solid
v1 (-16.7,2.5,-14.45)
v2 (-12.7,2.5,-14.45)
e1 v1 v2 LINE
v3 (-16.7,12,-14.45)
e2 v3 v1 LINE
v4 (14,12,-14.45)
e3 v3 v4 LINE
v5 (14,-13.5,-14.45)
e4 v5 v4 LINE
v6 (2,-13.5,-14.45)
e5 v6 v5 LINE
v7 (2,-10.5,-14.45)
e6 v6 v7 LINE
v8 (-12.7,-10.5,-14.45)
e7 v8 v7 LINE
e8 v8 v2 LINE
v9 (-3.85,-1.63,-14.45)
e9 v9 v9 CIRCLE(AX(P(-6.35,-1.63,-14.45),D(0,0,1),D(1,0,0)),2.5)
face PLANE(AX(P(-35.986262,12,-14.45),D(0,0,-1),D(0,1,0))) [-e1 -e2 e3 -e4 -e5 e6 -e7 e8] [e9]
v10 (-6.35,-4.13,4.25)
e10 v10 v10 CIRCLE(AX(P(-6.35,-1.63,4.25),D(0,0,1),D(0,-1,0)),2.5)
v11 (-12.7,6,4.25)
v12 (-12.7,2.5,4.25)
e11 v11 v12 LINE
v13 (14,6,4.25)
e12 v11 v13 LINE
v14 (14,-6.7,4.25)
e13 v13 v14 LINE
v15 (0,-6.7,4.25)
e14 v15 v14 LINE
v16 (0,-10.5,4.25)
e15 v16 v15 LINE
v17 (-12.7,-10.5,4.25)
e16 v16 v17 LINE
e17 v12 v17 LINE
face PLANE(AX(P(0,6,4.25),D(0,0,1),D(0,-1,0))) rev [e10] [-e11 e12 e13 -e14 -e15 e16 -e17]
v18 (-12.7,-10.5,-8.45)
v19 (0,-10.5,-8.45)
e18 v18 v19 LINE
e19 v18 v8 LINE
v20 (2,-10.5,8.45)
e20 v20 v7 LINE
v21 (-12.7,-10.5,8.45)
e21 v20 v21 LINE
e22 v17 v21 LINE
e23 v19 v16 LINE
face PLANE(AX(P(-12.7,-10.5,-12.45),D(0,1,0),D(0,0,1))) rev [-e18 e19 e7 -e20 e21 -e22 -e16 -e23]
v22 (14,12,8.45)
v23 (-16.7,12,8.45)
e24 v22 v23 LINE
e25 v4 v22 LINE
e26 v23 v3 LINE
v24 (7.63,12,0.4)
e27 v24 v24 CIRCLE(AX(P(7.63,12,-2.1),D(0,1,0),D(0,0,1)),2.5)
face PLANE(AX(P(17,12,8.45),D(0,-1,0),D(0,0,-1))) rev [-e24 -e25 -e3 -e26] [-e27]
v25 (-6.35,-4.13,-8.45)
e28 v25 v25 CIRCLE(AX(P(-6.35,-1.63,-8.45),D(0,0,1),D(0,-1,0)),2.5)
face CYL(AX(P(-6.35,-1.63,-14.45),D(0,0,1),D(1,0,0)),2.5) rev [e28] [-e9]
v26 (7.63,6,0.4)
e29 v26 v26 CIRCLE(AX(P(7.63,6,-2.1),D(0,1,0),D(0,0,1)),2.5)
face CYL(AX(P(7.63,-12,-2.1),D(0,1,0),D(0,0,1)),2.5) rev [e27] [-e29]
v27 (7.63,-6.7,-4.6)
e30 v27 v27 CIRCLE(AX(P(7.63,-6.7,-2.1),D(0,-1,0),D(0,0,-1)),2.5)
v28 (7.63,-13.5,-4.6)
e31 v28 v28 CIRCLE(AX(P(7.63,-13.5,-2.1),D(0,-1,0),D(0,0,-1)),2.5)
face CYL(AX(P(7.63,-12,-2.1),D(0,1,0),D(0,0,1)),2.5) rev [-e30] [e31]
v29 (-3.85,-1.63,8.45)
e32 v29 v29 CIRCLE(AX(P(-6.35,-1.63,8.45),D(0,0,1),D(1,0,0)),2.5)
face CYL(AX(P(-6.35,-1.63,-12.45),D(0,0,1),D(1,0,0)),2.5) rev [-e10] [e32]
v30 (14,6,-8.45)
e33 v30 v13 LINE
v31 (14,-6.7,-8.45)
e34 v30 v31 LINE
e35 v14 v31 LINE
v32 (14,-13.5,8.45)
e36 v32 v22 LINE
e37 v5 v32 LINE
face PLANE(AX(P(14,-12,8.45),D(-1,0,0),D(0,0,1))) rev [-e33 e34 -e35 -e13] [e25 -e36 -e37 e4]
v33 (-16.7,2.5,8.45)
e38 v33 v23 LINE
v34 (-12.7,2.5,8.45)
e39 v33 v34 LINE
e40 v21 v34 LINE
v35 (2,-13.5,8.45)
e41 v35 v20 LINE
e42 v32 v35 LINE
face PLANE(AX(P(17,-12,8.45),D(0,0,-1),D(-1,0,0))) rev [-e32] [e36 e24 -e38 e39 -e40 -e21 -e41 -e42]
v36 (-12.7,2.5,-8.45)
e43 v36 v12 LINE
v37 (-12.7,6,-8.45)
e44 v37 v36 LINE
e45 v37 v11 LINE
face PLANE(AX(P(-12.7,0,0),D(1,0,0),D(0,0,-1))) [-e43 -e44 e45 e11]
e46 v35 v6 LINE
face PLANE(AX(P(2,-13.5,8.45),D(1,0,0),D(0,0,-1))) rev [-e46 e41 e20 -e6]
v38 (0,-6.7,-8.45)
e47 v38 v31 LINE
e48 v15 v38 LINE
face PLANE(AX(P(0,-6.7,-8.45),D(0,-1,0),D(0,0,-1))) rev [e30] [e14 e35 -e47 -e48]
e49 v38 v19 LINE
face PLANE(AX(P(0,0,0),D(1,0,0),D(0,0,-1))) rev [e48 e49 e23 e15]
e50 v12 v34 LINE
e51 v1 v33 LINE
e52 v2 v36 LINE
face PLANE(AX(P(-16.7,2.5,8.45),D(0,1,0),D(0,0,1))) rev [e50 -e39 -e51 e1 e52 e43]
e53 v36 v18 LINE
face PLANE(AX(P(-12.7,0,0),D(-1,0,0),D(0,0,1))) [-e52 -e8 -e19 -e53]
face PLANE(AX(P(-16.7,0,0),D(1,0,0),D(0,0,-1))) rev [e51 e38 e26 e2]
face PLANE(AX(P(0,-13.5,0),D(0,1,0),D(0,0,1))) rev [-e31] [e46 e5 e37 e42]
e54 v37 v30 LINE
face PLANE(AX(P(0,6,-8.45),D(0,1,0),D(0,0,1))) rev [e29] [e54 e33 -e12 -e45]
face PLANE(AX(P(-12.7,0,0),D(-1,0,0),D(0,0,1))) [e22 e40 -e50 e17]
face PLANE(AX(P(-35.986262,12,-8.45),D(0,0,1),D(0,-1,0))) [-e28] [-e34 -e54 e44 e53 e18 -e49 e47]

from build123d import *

# Parameters (mm, degrees)
SKETCH1_W               = 16.9
SKETCH1_H               = 24
BOSS_EXTRUDE1_DEPTH     = 17
SKETCH2_W               = 12.7
SKETCH2_H               = 12.7
CUT_EXTRUDE1_DEPTH      = 23.458906919
SKETCH3_R               = 2.5
CUT_EXTRUDE2_DEPTH      = 31.600694437
BOSS_EXTRUDE2_DEPTH     = 12.7
EXTRUDE_3_DEPTH         = 4
EXTRUDE_4_DEPTH         = 4
SKETCH5_R               = 2.5
CUT_EXTRUDE3_DEPTH      = 30.49254143
SKETCH_4_W              = 3
SKETCH_4_H              = 16.9
CUT_EXTRUDE_1_DEPTH     = 32.937477984
SKETCH_5_W              = 12.7
SKETCH_5_H              = 1.5
CUT_EXTRUDE_2_DEPTH     = 30.320641194
CUT_EXTRUDE4_DEPTH      = 25.039394751
CUT_EXTRUDE4_DEPTH_BACK = 2
SKETCH_6_W              = 4
SKETCH_6_H              = 24
CUT_EXTRUDE_3_DEPTH     = 25.039394751
SKETCH_7_W              = 20.9
SKETCH_7_H              = 1.5
CUT_EXTRUDE_4_DEPTH     = 26.469442475
SKETCH_8_W              = 4
SKETCH_8_H              = 22.5
CUT_EXTRUDE_5_DEPTH     = 36.234819426
SKETCH_9_W              = 4
SKETCH_9_H              = 17
CUT_EXTRUDE_6_DEPTH     = 27.617663308
SKETCH_11_W             = 12.7
SKETCH_11_H             = 3.8
EXTRUDE_5_DEPTH         = 2
SKETCH_12_W             = 6
SKETCH_12_H             = 22.5
EXTRUDE_6_DEPTH         = 26.7
SKETCH_21_W             = 22.9
SKETCH_21_H             = 9.5
EXTRUDE_7_DEPTH         = 4
SKETCH_14_R             = 2.5
CUT_EXTRUDE_7_DEPTH     = 31.778239066
SKETCH_22_W             = 12
SKETCH_22_H             = 22.9
SKETCH_22_R             = 2.5
EXTRUDE_8_DEPTH         = 3


with BuildPart() as part:
    # Sketch1 → Boss-Extrude1 (new body)
    with BuildSketch(Plane(origin=(0, 0, 0), x_dir=(0, 0, -1), z_dir=(1, 0, 0))):
        Rectangle(SKETCH1_W, SKETCH1_H)
    extrude(amount=BOSS_EXTRUDE1_DEPTH)

    # Sketch2 → Cut-Extrude1 (cut, through all)
    with BuildSketch(Plane(origin=(17, 0, 0), x_dir=(0, 0, -1), z_dir=(1, 0, 0))):
        with Locations((2.1, -0.35)):
            Rectangle(SKETCH2_W, SKETCH2_H)
    extrude(amount=-CUT_EXTRUDE1_DEPTH, mode=Mode.SUBTRACT)

    # Sketch3 → Cut-Extrude2 (cut, through all)
    with BuildSketch(Plane(origin=(0, 12, 0), x_dir=(1, 0, 0), z_dir=(0, 1, 0))):
        with Locations(Location((7.63, 2.1, 0), (0, 0, 270))):
            Circle(SKETCH3_R)
    extrude(amount=-CUT_EXTRUDE2_DEPTH, mode=Mode.SUBTRACT)

    # Sketch4 → Boss-Extrude2 (add)
    with BuildSketch(Plane.ZY):
        Polygon((-8.45, 12), (-8.45, 6), (4.25, 6), (4.25, -12), (8.45, -12), (8.45, 12), align=None)
    extrude(amount=BOSS_EXTRUDE2_DEPTH)

    # 草图3 → 凸台-拉伸3 (add)
    with BuildSketch(Plane.ZY.offset(12.7)):
        Polygon((8.45, 12), (-7.55, 12), (8.45, -5), align=None)
    extrude(amount=EXTRUDE_3_DEPTH)

    # 草图1 → 凸台-拉伸4 (add)
    with BuildSketch(Plane(origin=(0, 0, -8.45), x_dir=(-1, 0, 0), z_dir=(0, 0, -1))):
        Polygon((12.7, 12), (0, 12), (0, 0.5), (-11.445354581, -12), (1.274949719, -12), (12.7, -12), align=None)
    extrude(amount=EXTRUDE_4_DEPTH)

    # Sketch5 → Cut-Extrude3 (cut, through all)
    with BuildSketch(Plane.XY.offset(8.45)):
        with Locations((-6.35, -1.63)):
            Circle(SKETCH5_R)
    extrude(amount=-CUT_EXTRUDE3_DEPTH, mode=Mode.SUBTRACT)

    # 草图4 → 切除-拉伸1 (cut, through all)
    with BuildSketch(Plane(origin=(0, 12, 0), x_dir=(1, 0, 0), z_dir=(0, 1, 0))):
        with Locations((15.5, 0)):
            Rectangle(SKETCH_4_W, SKETCH_4_H)
    extrude(amount=-CUT_EXTRUDE_1_DEPTH, mode=Mode.SUBTRACT)

    # 草图5 → 切除-拉伸2 (cut, through all)
    with BuildSketch(Plane.XY.offset(8.45)):
        with Locations((-6.35, -11.25)):
            Rectangle(SKETCH_5_W, SKETCH_5_H)
    extrude(amount=-CUT_EXTRUDE_2_DEPTH, mode=Mode.SUBTRACT)

    # Sketch7 → Cut-Extrude4 (cut, two sides: drawn at the far end of the back side and taken through both)
    with BuildSketch(Plane.ZY.offset(-CUT_EXTRUDE4_DEPTH_BACK)):
        Polygon((4.25, -6.7), (-8.45, -6.7), (-8.45, -10.5), (-12.45, -10.5), (-12.45, -12), (8.45, -12), (8.45, -10.5), (4.25, -10.5), align=None)
    extrude(amount=CUT_EXTRUDE4_DEPTH + CUT_EXTRUDE4_DEPTH_BACK, mode=Mode.SUBTRACT)

    # 草图6 → 切除-拉伸3 (cut, through all)
    with BuildSketch(Plane(origin=(0, 0, 0), x_dir=(0, 0, -1), z_dir=(1, 0, 0))):
        with Locations((10.45, 0)):
            Rectangle(SKETCH_6_W, SKETCH_6_H)
    extrude(amount=-CUT_EXTRUDE_3_DEPTH, mode=Mode.SUBTRACT)

    # 草图7 → 切除-拉伸4 (cut, through all)
    with BuildSketch(Plane.ZY.offset(-2)):
        with Locations((-2, -11.25)):
            Rectangle(SKETCH_7_W, SKETCH_7_H)
    extrude(amount=-CUT_EXTRUDE_4_DEPTH, mode=Mode.SUBTRACT)

    # 草图8 → 切除-拉伸5 (cut, through all)
    with BuildSketch(Plane(origin=(14, 0, 0), x_dir=(0, 0, -1), z_dir=(1, 0, 0))):
        with Locations((10.45, 0.75)):
            Rectangle(SKETCH_8_W, SKETCH_8_H)
    extrude(amount=-CUT_EXTRUDE_5_DEPTH, mode=Mode.SUBTRACT)

    # 草图9 → 切除-拉伸6 (cut, through all)
    with BuildSketch(Plane(origin=(0, 0, -8.45), x_dir=(-1, 0, 0), z_dir=(0, 0, -1))):
        with Locations((14.7, 3.5)):
            Rectangle(SKETCH_9_W, SKETCH_9_H)
    extrude(amount=-CUT_EXTRUDE_6_DEPTH, mode=Mode.SUBTRACT)

    # 草图11 → 凸台-拉伸5 (add)
    with BuildSketch(Plane.ZY.offset(-2)):
        with Locations((-2.1, -8.6)):
            Rectangle(SKETCH_11_W, SKETCH_11_H)
    extrude(amount=EXTRUDE_5_DEPTH)

    # 草图12 → 凸台-拉伸6 (add)
    with BuildSketch(Plane(origin=(14, 0, 0), x_dir=(0, 0, -1), z_dir=(1, 0, 0))):
        with Locations((11.45, 0.75)):
            Rectangle(SKETCH_12_W, SKETCH_12_H)
    extrude(amount=-EXTRUDE_6_DEPTH)

    # 草图21 → 凸台-拉伸7 (add)
    with BuildSketch(Plane.ZY.offset(12.7)):
        with Locations((-3, 7.25)):
            Rectangle(SKETCH_21_W, SKETCH_21_H)
    extrude(amount=EXTRUDE_7_DEPTH)

    # 草图14 → 切除-拉伸7 (cut, through all)
    with BuildSketch(Plane.XY.offset(8.45)):
        with Locations((-6.35, -1.63)):
            Circle(SKETCH_14_R)
    extrude(amount=-CUT_EXTRUDE_7_DEPTH, mode=Mode.SUBTRACT)

    # 草图22 → 凸台-拉伸8 (add)
    with BuildSketch(Plane.XZ.offset(10.5)):
        with Locations((8, -3)):
            Rectangle(SKETCH_22_W, SKETCH_22_H)
        with Locations(Location((7.63, -2.1, 0), (0, 0, 90))):
            Circle(SKETCH_22_R, mode=Mode.SUBTRACT)
    extrude(amount=EXTRUDE_8_DEPTH)


solid = part.part
